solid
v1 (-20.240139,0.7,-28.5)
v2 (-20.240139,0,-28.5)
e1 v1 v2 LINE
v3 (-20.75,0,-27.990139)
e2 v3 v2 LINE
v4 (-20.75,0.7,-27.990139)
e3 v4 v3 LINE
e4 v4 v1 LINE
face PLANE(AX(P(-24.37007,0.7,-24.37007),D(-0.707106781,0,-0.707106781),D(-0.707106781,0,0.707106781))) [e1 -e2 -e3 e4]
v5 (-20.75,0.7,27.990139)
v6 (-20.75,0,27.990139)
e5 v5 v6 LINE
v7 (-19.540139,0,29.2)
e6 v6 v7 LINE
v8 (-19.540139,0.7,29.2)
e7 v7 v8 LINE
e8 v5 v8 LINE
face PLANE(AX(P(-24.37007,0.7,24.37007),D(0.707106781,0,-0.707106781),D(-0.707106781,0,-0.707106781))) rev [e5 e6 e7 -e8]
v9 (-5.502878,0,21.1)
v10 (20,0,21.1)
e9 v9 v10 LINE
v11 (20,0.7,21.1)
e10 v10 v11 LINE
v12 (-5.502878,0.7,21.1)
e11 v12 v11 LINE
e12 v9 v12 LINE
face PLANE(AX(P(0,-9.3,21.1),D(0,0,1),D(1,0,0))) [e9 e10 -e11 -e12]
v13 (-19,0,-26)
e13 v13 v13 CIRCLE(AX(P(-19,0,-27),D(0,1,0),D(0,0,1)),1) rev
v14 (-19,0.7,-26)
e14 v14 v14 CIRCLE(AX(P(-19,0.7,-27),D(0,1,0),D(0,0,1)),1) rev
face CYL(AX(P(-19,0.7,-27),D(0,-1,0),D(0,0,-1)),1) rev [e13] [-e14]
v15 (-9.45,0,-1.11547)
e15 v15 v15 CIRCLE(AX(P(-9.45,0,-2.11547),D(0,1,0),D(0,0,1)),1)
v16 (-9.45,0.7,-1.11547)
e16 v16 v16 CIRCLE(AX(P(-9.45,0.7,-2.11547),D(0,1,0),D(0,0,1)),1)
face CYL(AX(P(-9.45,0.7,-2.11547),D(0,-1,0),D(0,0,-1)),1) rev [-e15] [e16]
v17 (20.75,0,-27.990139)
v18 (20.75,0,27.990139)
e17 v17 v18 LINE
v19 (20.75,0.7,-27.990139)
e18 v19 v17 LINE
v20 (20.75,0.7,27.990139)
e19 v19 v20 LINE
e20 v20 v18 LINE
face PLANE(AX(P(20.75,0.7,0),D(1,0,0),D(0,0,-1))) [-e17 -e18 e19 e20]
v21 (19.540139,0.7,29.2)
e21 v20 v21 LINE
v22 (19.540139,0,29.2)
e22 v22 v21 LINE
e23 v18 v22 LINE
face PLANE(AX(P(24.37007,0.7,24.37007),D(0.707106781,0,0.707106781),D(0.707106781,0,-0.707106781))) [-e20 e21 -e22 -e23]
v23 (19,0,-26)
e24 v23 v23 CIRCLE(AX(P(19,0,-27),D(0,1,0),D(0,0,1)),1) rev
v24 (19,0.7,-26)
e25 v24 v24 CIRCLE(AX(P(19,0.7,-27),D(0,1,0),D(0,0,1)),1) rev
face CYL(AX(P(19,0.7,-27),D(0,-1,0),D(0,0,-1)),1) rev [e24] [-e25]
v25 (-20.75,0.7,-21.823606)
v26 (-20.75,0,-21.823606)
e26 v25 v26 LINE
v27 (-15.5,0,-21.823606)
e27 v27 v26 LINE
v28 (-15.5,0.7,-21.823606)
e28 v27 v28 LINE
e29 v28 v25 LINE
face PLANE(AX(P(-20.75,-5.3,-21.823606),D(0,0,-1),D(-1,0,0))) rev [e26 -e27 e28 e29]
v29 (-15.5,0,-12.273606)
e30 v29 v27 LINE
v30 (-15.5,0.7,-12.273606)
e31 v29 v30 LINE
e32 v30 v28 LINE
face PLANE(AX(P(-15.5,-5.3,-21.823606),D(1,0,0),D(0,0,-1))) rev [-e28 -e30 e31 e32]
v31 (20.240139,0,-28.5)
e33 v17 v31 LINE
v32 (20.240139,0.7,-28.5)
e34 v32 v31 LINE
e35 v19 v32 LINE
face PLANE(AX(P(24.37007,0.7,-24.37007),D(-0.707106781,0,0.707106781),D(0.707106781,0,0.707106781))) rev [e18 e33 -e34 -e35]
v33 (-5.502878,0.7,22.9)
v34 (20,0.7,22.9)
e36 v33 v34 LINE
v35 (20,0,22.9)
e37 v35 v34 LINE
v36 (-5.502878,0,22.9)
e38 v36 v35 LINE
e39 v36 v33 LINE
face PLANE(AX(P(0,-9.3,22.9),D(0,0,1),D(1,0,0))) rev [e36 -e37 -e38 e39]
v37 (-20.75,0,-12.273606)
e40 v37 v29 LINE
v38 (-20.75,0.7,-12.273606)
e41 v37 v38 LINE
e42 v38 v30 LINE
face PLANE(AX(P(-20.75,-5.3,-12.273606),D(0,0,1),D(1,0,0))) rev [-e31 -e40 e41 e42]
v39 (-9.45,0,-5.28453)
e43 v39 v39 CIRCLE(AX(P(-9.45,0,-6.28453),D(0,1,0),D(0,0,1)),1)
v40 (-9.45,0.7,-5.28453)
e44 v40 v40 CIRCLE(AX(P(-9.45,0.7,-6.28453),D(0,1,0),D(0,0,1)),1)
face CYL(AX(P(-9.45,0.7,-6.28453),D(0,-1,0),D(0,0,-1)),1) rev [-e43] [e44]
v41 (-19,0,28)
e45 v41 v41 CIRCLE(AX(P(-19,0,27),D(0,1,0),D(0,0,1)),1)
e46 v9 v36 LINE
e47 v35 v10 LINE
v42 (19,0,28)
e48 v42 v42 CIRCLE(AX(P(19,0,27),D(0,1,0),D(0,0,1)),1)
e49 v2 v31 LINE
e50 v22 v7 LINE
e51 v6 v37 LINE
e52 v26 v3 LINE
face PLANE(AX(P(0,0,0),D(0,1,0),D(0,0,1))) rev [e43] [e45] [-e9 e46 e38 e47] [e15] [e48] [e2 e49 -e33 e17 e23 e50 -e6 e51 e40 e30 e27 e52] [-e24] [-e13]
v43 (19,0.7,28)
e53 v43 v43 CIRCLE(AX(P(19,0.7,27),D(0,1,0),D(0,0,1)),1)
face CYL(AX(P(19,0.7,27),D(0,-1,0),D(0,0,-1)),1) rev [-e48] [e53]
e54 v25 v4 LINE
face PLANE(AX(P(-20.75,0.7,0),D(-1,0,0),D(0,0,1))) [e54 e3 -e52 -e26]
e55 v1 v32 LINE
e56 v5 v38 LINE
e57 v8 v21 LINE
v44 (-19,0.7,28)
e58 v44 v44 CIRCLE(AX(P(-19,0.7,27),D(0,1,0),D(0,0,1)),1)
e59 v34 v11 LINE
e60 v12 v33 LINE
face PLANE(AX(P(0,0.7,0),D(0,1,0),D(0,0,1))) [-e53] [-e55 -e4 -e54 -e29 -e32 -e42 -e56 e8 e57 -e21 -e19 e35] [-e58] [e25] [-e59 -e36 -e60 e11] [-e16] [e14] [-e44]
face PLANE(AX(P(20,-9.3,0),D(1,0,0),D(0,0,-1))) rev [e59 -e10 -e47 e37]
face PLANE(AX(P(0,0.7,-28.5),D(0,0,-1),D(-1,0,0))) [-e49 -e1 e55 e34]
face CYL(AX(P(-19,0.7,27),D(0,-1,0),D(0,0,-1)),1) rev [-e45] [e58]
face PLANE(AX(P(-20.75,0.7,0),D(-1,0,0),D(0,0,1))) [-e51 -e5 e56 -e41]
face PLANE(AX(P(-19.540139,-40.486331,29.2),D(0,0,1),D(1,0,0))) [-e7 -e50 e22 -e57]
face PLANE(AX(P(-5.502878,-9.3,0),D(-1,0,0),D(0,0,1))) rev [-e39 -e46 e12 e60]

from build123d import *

# Parameters (mm, degrees)
SKETCH1_R           = 1
BOSS_EXTRUDE1_DEPTH = 0.7
SKETCH2_W           = 25.502878438
SKETCH2_H           = 1.8
CUT_EXTRUDE1_DEPTH  = 10
BOSS_EXTRUDE2_DEPTH = 0.7
SKETCH6_W           = 5.25
SKETCH6_H           = 9.55
CUT_EXTRUDE2_DEPTH  = 6


with BuildPart() as part:
    # Sketch1 → Boss-Extrude1 (new body)
    with BuildSketch(Plane(origin=(0, 0, 0), x_dir=(1, 0, 0), z_dir=(0, 1, 0))):
        Polygon((20.240139403, -28.5), (20.75, -27.990139403), (20.75, 27.990139403), (20.240139403, 28.5), (-20.240139403, 28.5), (-20.75, 27.990139403), (-20.75, -27.990139403), (-20.240139403, -28.5), align=None)
        with Locations((-19, -27)):
            Circle(SKETCH1_R, mode=Mode.SUBTRACT)
        with Locations((19, -27)):
            Circle(SKETCH1_R, mode=Mode.SUBTRACT)
        with Locations((-9.45, 2.115469811)):
            Circle(SKETCH1_R, mode=Mode.SUBTRACT)
        with Locations((-9.45, 6.284530189)):
            Circle(SKETCH1_R, mode=Mode.SUBTRACT)
        with Locations((-19, 27)):
            Circle(SKETCH1_R, mode=Mode.SUBTRACT)
        with Locations((19, 27)):
            Circle(SKETCH1_R, mode=Mode.SUBTRACT)
    extrude(amount=BOSS_EXTRUDE1_DEPTH)

    # Sketch2 → Cut-Extrude1 (cut)
    with BuildSketch(Plane(origin=(0, 0.7, 0), x_dir=(1, 0, 0), z_dir=(0, 1, 0))):
        with Locations((7.248560781, -22)):
            Rectangle(SKETCH2_W, SKETCH2_H)
    extrude(amount=-CUT_EXTRUDE1_DEPTH, mode=Mode.SUBTRACT)

    # Sketch5 → Boss-Extrude2 (add)
    with BuildSketch(Plane(origin=(0, 0.7, 0), x_dir=(1, 0, 0), z_dir=(0, 1, 0))):
        Polygon((-19.540139403, -29.2), (19.540139403, -29.2), (20.240139403, -28.5), (-20.240139403, -28.5), align=None)
    extrude(amount=-BOSS_EXTRUDE2_DEPTH)

    # Sketch6 → Cut-Extrude2 (cut)
    with BuildSketch(Plane(origin=(0, 0.7, 0), x_dir=(1, 0, 0), z_dir=(0, 1, 0))):
        with Locations((-18.125, 17.048605705)):
            Rectangle(SKETCH6_W, SKETCH6_H)
    extrude(amount=-CUT_EXTRUDE2_DEPTH, mode=Mode.SUBTRACT)


solid = part.part
